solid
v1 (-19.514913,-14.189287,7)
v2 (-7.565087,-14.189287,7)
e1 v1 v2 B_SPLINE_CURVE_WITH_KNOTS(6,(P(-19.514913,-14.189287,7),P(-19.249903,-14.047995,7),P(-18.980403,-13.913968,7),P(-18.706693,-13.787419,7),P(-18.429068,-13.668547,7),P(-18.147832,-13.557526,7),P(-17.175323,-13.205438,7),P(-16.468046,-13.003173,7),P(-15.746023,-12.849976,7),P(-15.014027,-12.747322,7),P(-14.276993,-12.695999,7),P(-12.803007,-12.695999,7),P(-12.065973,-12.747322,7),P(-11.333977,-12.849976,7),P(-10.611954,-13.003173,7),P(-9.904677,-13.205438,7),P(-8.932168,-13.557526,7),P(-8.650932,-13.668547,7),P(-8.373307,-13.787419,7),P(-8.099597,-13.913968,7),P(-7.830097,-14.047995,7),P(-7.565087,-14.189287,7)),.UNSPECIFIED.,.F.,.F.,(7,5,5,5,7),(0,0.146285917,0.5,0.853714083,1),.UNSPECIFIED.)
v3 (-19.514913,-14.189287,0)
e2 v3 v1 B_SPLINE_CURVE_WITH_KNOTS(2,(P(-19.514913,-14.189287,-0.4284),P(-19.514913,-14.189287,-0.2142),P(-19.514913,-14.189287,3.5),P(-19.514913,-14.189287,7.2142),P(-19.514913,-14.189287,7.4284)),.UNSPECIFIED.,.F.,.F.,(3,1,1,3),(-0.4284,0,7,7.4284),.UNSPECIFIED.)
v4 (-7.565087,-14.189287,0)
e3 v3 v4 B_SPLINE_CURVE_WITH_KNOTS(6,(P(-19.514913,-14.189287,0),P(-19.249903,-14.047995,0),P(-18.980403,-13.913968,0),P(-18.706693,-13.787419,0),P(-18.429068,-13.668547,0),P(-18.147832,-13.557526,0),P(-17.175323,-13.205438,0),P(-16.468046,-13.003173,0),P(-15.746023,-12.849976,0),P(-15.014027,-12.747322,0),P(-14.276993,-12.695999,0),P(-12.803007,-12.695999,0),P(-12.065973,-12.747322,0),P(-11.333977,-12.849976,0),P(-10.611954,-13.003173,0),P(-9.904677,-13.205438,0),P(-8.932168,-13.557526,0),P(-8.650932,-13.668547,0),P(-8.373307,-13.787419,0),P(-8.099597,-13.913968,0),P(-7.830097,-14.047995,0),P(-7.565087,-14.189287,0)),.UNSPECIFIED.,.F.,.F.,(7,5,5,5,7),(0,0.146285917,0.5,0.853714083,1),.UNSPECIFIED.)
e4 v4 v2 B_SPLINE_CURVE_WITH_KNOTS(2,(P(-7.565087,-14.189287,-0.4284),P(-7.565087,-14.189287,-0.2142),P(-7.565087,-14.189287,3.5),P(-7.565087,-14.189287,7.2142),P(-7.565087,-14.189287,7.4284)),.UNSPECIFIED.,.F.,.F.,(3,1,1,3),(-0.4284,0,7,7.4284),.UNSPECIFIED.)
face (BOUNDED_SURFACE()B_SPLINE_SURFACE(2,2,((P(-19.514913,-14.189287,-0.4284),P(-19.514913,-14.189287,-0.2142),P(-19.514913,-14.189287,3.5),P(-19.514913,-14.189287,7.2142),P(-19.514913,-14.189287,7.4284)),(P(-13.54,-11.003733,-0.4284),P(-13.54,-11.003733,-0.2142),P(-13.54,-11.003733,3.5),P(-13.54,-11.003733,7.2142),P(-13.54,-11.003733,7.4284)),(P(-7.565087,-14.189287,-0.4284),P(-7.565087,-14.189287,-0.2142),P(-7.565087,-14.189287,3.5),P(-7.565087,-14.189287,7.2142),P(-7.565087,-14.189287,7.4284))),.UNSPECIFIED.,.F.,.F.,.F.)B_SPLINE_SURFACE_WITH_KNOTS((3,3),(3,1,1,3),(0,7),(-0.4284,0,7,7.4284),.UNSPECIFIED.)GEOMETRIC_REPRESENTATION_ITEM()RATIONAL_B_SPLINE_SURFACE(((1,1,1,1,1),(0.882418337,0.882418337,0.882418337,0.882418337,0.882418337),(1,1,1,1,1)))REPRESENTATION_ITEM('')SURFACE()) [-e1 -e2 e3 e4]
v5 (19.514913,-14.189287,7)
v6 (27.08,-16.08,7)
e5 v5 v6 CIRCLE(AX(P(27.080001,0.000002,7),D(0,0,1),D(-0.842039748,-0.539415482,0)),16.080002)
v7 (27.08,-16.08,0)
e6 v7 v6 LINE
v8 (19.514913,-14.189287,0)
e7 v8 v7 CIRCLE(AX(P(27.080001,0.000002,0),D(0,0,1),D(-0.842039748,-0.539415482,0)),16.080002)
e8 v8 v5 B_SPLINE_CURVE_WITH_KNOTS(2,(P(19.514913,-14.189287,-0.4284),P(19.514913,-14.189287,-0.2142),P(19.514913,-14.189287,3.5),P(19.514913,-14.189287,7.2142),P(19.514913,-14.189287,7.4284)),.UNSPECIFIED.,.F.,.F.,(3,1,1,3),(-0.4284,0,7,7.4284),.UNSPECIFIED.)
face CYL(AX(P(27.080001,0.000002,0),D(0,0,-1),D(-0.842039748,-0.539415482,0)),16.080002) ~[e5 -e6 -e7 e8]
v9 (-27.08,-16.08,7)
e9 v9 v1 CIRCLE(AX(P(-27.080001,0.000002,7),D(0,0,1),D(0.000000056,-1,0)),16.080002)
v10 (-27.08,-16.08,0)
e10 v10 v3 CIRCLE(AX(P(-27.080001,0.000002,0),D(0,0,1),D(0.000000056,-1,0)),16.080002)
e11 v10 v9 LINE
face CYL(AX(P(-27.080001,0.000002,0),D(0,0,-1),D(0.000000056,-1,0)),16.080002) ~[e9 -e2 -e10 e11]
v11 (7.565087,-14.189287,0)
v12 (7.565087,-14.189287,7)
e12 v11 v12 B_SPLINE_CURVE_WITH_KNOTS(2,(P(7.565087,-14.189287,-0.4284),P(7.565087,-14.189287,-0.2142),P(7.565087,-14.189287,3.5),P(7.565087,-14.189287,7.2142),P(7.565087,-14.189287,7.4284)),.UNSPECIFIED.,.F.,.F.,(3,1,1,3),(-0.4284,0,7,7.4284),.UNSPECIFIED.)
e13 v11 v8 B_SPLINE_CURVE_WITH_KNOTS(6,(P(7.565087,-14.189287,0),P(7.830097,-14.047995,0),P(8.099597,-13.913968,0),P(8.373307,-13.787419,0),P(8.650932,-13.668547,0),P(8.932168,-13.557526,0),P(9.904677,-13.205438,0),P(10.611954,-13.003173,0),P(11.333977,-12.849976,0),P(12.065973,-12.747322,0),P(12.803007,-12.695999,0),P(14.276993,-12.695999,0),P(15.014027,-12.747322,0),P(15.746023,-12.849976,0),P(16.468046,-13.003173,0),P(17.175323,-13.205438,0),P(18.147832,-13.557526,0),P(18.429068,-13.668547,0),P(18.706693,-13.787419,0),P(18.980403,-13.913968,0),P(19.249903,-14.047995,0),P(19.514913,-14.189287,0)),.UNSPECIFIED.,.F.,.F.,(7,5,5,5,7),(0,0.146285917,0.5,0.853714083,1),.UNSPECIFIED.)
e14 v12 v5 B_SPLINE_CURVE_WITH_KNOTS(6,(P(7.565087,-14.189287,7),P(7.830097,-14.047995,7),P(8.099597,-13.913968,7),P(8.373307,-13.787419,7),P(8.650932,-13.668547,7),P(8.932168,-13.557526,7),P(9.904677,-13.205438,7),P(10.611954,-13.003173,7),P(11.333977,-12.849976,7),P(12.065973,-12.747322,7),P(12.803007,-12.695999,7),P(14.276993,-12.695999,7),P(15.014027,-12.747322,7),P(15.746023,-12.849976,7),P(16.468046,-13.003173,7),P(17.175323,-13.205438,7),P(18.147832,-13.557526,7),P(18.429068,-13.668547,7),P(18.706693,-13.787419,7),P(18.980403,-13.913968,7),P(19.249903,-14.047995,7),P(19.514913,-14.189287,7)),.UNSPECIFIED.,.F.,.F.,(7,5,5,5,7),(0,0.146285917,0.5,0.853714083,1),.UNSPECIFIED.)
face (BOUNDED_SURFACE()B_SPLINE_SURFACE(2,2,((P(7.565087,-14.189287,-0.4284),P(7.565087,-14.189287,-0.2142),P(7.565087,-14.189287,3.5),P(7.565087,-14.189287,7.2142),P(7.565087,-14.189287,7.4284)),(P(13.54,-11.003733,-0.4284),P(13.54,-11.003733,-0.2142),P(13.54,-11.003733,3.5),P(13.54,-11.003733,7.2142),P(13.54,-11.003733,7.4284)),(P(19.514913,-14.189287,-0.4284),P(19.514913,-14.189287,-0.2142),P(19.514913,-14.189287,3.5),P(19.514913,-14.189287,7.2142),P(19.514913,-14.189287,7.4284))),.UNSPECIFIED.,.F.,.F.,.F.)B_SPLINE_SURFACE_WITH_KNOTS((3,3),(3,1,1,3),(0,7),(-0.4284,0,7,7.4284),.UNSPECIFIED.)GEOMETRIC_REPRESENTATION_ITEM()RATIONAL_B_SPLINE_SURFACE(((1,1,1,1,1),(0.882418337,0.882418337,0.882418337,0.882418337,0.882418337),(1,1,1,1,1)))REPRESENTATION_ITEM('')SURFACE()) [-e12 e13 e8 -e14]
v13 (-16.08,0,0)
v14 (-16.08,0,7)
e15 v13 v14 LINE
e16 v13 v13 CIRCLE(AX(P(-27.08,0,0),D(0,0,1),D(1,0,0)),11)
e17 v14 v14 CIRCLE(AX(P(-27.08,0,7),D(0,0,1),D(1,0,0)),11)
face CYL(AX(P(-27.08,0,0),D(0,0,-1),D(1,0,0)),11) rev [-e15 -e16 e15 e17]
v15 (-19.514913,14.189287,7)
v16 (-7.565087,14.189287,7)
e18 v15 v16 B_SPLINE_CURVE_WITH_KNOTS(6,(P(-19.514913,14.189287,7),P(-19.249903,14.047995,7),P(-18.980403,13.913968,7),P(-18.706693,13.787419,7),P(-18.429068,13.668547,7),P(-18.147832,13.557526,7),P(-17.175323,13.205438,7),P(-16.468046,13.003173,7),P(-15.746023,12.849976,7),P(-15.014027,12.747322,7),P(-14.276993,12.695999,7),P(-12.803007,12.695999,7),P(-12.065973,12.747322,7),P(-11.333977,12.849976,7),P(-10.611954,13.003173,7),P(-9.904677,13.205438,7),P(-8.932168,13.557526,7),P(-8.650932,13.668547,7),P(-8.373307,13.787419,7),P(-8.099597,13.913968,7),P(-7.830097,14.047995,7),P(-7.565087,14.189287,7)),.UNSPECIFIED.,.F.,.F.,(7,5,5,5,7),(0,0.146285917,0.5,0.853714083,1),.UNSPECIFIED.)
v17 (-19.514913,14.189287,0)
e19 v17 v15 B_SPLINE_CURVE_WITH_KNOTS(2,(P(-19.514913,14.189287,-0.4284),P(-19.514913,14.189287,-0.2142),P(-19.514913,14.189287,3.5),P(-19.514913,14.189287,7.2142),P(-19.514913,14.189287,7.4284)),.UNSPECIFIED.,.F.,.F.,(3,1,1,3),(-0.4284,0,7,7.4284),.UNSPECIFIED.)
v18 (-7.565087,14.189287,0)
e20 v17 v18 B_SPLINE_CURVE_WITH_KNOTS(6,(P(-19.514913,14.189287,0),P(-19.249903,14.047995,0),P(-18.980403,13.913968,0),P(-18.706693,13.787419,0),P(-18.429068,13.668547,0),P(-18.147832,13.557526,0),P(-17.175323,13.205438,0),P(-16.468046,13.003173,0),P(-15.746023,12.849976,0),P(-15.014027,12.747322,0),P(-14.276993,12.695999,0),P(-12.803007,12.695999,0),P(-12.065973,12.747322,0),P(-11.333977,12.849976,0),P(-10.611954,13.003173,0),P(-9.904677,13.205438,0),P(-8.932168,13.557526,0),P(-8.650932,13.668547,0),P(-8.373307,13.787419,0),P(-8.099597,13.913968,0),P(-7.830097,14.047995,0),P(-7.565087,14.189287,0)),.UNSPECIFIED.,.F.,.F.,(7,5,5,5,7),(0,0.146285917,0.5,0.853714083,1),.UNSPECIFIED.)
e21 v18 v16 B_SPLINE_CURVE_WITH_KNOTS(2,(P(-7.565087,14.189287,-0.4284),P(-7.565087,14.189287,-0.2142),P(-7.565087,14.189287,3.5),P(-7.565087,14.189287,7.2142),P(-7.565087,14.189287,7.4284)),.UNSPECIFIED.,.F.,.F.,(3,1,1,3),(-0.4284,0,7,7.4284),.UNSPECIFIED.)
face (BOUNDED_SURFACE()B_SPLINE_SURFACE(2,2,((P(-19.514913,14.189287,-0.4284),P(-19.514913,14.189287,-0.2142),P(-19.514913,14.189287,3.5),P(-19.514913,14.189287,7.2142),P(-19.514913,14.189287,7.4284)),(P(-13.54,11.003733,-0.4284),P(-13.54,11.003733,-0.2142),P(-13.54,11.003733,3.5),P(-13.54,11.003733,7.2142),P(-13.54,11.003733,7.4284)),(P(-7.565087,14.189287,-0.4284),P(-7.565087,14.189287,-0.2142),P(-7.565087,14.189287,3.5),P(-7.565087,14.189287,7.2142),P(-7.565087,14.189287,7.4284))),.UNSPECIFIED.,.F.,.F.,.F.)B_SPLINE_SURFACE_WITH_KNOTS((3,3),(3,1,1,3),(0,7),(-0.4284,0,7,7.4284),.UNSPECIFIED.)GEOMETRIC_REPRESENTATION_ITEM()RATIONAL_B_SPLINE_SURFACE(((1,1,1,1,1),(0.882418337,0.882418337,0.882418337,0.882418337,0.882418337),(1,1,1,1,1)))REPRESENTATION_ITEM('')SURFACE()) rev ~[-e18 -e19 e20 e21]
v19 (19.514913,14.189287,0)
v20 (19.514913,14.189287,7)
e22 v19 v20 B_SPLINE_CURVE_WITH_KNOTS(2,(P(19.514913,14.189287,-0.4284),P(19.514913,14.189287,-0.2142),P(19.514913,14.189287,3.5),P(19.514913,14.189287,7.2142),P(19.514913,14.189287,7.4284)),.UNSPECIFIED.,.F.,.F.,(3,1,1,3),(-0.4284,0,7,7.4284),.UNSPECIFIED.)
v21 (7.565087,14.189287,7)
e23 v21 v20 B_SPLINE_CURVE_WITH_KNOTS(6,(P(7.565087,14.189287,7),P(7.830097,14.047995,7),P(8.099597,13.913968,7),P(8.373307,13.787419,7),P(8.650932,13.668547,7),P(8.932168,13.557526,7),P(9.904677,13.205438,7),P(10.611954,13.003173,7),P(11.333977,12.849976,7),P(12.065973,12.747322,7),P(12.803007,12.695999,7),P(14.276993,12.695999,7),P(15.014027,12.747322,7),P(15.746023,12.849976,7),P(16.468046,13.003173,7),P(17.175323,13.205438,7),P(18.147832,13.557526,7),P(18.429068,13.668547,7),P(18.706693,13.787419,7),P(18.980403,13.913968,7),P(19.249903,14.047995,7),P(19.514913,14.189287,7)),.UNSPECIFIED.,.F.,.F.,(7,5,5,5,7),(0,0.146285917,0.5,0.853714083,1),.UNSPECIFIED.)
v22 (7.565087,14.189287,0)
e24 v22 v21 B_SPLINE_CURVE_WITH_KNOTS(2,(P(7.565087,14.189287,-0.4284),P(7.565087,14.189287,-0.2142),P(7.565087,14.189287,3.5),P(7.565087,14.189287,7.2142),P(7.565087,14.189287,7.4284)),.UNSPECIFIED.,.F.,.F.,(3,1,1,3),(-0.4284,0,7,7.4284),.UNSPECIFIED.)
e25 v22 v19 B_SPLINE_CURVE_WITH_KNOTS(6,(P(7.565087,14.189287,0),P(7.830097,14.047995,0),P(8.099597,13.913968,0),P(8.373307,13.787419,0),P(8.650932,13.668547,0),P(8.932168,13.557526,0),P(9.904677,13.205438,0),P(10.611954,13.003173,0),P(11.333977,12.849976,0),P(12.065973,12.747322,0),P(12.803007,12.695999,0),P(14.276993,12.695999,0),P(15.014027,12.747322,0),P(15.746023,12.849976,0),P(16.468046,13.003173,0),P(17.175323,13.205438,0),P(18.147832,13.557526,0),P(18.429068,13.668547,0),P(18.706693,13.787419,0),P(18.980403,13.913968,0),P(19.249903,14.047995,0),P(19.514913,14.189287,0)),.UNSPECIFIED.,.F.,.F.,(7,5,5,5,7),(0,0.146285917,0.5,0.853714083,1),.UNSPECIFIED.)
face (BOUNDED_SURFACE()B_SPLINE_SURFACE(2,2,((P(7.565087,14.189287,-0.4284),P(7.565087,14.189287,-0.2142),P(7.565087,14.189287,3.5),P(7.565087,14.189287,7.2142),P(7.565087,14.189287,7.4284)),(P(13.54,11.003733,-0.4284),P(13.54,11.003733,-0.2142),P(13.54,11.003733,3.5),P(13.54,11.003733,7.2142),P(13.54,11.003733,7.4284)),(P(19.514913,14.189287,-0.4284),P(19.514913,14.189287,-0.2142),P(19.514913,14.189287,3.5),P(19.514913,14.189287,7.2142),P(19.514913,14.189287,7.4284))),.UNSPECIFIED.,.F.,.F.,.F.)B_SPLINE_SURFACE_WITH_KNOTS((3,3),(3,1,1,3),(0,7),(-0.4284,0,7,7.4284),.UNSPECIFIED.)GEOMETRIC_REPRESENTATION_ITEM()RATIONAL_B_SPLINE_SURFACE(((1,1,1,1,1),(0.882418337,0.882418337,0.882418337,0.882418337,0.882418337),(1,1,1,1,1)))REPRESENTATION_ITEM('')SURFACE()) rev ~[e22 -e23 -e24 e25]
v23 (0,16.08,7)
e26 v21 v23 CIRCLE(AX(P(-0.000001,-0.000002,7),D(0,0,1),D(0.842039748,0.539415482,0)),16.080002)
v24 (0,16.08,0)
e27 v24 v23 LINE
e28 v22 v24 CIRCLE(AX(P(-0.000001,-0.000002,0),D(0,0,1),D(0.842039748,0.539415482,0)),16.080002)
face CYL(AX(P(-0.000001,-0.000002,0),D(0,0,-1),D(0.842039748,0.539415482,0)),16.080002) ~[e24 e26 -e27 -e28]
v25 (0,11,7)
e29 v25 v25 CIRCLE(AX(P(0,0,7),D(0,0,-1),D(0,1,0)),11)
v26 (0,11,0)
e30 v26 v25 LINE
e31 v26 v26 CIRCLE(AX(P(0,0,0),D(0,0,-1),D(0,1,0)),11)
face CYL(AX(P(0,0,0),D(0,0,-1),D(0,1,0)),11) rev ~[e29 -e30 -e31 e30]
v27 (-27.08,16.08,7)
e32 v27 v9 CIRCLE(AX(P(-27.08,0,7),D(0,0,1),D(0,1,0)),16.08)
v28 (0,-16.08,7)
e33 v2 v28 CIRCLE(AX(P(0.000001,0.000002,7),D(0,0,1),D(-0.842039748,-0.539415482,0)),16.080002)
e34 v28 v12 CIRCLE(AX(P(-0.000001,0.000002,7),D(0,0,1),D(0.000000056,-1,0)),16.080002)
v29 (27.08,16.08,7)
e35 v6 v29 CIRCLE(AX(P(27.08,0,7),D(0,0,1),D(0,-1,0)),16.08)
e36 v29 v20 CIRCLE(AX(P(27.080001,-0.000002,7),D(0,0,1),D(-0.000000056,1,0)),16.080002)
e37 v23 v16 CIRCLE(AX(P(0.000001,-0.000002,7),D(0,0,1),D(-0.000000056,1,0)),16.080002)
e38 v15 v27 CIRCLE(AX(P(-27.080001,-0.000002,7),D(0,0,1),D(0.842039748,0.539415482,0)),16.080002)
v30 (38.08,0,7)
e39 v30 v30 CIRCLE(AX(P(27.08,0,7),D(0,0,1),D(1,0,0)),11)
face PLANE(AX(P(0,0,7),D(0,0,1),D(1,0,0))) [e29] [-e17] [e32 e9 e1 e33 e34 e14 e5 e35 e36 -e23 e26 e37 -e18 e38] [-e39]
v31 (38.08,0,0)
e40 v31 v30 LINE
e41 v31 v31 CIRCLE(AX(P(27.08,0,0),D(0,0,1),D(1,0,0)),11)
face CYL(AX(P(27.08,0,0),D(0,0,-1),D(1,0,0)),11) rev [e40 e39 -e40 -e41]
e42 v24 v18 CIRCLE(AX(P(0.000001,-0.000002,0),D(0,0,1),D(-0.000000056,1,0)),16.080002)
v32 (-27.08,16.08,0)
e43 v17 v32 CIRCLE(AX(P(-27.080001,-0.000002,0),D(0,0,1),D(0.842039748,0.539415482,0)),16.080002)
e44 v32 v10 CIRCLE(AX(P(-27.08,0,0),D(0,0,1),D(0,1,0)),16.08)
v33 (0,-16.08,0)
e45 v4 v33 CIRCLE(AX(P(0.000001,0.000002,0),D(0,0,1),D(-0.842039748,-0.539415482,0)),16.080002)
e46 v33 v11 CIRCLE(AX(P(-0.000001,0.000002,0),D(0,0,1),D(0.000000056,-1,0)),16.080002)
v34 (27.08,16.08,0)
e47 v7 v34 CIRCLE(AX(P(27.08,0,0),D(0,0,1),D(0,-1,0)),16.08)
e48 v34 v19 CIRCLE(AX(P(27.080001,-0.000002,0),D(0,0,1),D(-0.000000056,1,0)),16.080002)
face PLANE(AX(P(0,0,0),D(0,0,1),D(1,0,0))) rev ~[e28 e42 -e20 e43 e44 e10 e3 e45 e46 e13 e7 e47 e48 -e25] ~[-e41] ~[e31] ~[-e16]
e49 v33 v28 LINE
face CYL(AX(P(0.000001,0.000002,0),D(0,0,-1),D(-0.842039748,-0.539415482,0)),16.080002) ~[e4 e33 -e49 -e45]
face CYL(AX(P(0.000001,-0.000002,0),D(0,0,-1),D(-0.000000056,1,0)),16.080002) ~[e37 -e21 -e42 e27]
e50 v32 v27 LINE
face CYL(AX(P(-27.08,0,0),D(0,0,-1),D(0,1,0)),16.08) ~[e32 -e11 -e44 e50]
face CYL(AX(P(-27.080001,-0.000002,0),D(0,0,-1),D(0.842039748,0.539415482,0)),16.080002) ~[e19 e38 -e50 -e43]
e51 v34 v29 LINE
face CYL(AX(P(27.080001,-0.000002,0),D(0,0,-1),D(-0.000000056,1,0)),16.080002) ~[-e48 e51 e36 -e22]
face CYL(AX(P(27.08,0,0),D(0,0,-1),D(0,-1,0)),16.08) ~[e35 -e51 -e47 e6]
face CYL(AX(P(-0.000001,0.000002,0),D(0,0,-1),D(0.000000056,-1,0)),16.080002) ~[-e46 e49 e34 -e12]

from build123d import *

# Parameters (mm, degrees)
F0_R     = 11
F1_DEPTH = 7
F2_R     = 12.7


with BuildPart() as f1:
    # F0 (on Top) → F1 (new body)
    with BuildSketch(Plane.XY):
        with BuildLine():
            ThreePointArc((-27.08, 16.08), (-43.16, 0), (-27.08, -16.08))
            ThreePointArc((-27.08, -16.08), (-19.363404, -14.107464), (-13.54, -8.6738))
            ThreePointArc((-13.54, -8.6738), (-7.716596, -14.107464), (0, -16.08))
            ThreePointArc((0, -16.08), (7.716596, -14.107464), (13.54, -8.6738))
            ThreePointArc((13.54, -8.6738), (19.363404, -14.107464), (27.08, -16.08))
            ThreePointArc((27.08, -16.08), (43.16, 0), (27.08, 16.08))
            ThreePointArc((27.08, 16.08), (19.363404, 14.107464), (13.54, 8.6738))
            ThreePointArc((13.54, 8.6738), (7.716596, 14.107464), (0, 16.08))
            ThreePointArc((0, 16.08), (-7.716596, 14.107464), (-13.54, 8.6738))
            ThreePointArc((-13.54, 8.6738), (-19.363404, 14.107464), (-27.08, 16.08))
        make_face()
        with Locations((-27.08, 0)):
            Circle(F0_R, mode=Mode.SUBTRACT)
        with BuildLine():
            ThreePointArc((0, -11), (-11, 0), (0, 11))
            ThreePointArc((0, 11), (11, 0), (0, -11))
        make_face(mode=Mode.SUBTRACT)
        with Locations((27.08, 0)):
            Circle(F0_R, mode=Mode.SUBTRACT)
    extrude(amount=F1_DEPTH)

    # F2
    f2_edges = [f1.edges().sort_by_distance(p)[0] for p in [
        (-13.54, -8.6738, 3.5),
        (13.54, -8.6738, 3.5),
        (-13.54, 8.6738, 3.5),
        (13.54, 8.6738, 3.5),
    ]]
    fillet(f2_edges, radius=F2_R)


solid = f1.part
